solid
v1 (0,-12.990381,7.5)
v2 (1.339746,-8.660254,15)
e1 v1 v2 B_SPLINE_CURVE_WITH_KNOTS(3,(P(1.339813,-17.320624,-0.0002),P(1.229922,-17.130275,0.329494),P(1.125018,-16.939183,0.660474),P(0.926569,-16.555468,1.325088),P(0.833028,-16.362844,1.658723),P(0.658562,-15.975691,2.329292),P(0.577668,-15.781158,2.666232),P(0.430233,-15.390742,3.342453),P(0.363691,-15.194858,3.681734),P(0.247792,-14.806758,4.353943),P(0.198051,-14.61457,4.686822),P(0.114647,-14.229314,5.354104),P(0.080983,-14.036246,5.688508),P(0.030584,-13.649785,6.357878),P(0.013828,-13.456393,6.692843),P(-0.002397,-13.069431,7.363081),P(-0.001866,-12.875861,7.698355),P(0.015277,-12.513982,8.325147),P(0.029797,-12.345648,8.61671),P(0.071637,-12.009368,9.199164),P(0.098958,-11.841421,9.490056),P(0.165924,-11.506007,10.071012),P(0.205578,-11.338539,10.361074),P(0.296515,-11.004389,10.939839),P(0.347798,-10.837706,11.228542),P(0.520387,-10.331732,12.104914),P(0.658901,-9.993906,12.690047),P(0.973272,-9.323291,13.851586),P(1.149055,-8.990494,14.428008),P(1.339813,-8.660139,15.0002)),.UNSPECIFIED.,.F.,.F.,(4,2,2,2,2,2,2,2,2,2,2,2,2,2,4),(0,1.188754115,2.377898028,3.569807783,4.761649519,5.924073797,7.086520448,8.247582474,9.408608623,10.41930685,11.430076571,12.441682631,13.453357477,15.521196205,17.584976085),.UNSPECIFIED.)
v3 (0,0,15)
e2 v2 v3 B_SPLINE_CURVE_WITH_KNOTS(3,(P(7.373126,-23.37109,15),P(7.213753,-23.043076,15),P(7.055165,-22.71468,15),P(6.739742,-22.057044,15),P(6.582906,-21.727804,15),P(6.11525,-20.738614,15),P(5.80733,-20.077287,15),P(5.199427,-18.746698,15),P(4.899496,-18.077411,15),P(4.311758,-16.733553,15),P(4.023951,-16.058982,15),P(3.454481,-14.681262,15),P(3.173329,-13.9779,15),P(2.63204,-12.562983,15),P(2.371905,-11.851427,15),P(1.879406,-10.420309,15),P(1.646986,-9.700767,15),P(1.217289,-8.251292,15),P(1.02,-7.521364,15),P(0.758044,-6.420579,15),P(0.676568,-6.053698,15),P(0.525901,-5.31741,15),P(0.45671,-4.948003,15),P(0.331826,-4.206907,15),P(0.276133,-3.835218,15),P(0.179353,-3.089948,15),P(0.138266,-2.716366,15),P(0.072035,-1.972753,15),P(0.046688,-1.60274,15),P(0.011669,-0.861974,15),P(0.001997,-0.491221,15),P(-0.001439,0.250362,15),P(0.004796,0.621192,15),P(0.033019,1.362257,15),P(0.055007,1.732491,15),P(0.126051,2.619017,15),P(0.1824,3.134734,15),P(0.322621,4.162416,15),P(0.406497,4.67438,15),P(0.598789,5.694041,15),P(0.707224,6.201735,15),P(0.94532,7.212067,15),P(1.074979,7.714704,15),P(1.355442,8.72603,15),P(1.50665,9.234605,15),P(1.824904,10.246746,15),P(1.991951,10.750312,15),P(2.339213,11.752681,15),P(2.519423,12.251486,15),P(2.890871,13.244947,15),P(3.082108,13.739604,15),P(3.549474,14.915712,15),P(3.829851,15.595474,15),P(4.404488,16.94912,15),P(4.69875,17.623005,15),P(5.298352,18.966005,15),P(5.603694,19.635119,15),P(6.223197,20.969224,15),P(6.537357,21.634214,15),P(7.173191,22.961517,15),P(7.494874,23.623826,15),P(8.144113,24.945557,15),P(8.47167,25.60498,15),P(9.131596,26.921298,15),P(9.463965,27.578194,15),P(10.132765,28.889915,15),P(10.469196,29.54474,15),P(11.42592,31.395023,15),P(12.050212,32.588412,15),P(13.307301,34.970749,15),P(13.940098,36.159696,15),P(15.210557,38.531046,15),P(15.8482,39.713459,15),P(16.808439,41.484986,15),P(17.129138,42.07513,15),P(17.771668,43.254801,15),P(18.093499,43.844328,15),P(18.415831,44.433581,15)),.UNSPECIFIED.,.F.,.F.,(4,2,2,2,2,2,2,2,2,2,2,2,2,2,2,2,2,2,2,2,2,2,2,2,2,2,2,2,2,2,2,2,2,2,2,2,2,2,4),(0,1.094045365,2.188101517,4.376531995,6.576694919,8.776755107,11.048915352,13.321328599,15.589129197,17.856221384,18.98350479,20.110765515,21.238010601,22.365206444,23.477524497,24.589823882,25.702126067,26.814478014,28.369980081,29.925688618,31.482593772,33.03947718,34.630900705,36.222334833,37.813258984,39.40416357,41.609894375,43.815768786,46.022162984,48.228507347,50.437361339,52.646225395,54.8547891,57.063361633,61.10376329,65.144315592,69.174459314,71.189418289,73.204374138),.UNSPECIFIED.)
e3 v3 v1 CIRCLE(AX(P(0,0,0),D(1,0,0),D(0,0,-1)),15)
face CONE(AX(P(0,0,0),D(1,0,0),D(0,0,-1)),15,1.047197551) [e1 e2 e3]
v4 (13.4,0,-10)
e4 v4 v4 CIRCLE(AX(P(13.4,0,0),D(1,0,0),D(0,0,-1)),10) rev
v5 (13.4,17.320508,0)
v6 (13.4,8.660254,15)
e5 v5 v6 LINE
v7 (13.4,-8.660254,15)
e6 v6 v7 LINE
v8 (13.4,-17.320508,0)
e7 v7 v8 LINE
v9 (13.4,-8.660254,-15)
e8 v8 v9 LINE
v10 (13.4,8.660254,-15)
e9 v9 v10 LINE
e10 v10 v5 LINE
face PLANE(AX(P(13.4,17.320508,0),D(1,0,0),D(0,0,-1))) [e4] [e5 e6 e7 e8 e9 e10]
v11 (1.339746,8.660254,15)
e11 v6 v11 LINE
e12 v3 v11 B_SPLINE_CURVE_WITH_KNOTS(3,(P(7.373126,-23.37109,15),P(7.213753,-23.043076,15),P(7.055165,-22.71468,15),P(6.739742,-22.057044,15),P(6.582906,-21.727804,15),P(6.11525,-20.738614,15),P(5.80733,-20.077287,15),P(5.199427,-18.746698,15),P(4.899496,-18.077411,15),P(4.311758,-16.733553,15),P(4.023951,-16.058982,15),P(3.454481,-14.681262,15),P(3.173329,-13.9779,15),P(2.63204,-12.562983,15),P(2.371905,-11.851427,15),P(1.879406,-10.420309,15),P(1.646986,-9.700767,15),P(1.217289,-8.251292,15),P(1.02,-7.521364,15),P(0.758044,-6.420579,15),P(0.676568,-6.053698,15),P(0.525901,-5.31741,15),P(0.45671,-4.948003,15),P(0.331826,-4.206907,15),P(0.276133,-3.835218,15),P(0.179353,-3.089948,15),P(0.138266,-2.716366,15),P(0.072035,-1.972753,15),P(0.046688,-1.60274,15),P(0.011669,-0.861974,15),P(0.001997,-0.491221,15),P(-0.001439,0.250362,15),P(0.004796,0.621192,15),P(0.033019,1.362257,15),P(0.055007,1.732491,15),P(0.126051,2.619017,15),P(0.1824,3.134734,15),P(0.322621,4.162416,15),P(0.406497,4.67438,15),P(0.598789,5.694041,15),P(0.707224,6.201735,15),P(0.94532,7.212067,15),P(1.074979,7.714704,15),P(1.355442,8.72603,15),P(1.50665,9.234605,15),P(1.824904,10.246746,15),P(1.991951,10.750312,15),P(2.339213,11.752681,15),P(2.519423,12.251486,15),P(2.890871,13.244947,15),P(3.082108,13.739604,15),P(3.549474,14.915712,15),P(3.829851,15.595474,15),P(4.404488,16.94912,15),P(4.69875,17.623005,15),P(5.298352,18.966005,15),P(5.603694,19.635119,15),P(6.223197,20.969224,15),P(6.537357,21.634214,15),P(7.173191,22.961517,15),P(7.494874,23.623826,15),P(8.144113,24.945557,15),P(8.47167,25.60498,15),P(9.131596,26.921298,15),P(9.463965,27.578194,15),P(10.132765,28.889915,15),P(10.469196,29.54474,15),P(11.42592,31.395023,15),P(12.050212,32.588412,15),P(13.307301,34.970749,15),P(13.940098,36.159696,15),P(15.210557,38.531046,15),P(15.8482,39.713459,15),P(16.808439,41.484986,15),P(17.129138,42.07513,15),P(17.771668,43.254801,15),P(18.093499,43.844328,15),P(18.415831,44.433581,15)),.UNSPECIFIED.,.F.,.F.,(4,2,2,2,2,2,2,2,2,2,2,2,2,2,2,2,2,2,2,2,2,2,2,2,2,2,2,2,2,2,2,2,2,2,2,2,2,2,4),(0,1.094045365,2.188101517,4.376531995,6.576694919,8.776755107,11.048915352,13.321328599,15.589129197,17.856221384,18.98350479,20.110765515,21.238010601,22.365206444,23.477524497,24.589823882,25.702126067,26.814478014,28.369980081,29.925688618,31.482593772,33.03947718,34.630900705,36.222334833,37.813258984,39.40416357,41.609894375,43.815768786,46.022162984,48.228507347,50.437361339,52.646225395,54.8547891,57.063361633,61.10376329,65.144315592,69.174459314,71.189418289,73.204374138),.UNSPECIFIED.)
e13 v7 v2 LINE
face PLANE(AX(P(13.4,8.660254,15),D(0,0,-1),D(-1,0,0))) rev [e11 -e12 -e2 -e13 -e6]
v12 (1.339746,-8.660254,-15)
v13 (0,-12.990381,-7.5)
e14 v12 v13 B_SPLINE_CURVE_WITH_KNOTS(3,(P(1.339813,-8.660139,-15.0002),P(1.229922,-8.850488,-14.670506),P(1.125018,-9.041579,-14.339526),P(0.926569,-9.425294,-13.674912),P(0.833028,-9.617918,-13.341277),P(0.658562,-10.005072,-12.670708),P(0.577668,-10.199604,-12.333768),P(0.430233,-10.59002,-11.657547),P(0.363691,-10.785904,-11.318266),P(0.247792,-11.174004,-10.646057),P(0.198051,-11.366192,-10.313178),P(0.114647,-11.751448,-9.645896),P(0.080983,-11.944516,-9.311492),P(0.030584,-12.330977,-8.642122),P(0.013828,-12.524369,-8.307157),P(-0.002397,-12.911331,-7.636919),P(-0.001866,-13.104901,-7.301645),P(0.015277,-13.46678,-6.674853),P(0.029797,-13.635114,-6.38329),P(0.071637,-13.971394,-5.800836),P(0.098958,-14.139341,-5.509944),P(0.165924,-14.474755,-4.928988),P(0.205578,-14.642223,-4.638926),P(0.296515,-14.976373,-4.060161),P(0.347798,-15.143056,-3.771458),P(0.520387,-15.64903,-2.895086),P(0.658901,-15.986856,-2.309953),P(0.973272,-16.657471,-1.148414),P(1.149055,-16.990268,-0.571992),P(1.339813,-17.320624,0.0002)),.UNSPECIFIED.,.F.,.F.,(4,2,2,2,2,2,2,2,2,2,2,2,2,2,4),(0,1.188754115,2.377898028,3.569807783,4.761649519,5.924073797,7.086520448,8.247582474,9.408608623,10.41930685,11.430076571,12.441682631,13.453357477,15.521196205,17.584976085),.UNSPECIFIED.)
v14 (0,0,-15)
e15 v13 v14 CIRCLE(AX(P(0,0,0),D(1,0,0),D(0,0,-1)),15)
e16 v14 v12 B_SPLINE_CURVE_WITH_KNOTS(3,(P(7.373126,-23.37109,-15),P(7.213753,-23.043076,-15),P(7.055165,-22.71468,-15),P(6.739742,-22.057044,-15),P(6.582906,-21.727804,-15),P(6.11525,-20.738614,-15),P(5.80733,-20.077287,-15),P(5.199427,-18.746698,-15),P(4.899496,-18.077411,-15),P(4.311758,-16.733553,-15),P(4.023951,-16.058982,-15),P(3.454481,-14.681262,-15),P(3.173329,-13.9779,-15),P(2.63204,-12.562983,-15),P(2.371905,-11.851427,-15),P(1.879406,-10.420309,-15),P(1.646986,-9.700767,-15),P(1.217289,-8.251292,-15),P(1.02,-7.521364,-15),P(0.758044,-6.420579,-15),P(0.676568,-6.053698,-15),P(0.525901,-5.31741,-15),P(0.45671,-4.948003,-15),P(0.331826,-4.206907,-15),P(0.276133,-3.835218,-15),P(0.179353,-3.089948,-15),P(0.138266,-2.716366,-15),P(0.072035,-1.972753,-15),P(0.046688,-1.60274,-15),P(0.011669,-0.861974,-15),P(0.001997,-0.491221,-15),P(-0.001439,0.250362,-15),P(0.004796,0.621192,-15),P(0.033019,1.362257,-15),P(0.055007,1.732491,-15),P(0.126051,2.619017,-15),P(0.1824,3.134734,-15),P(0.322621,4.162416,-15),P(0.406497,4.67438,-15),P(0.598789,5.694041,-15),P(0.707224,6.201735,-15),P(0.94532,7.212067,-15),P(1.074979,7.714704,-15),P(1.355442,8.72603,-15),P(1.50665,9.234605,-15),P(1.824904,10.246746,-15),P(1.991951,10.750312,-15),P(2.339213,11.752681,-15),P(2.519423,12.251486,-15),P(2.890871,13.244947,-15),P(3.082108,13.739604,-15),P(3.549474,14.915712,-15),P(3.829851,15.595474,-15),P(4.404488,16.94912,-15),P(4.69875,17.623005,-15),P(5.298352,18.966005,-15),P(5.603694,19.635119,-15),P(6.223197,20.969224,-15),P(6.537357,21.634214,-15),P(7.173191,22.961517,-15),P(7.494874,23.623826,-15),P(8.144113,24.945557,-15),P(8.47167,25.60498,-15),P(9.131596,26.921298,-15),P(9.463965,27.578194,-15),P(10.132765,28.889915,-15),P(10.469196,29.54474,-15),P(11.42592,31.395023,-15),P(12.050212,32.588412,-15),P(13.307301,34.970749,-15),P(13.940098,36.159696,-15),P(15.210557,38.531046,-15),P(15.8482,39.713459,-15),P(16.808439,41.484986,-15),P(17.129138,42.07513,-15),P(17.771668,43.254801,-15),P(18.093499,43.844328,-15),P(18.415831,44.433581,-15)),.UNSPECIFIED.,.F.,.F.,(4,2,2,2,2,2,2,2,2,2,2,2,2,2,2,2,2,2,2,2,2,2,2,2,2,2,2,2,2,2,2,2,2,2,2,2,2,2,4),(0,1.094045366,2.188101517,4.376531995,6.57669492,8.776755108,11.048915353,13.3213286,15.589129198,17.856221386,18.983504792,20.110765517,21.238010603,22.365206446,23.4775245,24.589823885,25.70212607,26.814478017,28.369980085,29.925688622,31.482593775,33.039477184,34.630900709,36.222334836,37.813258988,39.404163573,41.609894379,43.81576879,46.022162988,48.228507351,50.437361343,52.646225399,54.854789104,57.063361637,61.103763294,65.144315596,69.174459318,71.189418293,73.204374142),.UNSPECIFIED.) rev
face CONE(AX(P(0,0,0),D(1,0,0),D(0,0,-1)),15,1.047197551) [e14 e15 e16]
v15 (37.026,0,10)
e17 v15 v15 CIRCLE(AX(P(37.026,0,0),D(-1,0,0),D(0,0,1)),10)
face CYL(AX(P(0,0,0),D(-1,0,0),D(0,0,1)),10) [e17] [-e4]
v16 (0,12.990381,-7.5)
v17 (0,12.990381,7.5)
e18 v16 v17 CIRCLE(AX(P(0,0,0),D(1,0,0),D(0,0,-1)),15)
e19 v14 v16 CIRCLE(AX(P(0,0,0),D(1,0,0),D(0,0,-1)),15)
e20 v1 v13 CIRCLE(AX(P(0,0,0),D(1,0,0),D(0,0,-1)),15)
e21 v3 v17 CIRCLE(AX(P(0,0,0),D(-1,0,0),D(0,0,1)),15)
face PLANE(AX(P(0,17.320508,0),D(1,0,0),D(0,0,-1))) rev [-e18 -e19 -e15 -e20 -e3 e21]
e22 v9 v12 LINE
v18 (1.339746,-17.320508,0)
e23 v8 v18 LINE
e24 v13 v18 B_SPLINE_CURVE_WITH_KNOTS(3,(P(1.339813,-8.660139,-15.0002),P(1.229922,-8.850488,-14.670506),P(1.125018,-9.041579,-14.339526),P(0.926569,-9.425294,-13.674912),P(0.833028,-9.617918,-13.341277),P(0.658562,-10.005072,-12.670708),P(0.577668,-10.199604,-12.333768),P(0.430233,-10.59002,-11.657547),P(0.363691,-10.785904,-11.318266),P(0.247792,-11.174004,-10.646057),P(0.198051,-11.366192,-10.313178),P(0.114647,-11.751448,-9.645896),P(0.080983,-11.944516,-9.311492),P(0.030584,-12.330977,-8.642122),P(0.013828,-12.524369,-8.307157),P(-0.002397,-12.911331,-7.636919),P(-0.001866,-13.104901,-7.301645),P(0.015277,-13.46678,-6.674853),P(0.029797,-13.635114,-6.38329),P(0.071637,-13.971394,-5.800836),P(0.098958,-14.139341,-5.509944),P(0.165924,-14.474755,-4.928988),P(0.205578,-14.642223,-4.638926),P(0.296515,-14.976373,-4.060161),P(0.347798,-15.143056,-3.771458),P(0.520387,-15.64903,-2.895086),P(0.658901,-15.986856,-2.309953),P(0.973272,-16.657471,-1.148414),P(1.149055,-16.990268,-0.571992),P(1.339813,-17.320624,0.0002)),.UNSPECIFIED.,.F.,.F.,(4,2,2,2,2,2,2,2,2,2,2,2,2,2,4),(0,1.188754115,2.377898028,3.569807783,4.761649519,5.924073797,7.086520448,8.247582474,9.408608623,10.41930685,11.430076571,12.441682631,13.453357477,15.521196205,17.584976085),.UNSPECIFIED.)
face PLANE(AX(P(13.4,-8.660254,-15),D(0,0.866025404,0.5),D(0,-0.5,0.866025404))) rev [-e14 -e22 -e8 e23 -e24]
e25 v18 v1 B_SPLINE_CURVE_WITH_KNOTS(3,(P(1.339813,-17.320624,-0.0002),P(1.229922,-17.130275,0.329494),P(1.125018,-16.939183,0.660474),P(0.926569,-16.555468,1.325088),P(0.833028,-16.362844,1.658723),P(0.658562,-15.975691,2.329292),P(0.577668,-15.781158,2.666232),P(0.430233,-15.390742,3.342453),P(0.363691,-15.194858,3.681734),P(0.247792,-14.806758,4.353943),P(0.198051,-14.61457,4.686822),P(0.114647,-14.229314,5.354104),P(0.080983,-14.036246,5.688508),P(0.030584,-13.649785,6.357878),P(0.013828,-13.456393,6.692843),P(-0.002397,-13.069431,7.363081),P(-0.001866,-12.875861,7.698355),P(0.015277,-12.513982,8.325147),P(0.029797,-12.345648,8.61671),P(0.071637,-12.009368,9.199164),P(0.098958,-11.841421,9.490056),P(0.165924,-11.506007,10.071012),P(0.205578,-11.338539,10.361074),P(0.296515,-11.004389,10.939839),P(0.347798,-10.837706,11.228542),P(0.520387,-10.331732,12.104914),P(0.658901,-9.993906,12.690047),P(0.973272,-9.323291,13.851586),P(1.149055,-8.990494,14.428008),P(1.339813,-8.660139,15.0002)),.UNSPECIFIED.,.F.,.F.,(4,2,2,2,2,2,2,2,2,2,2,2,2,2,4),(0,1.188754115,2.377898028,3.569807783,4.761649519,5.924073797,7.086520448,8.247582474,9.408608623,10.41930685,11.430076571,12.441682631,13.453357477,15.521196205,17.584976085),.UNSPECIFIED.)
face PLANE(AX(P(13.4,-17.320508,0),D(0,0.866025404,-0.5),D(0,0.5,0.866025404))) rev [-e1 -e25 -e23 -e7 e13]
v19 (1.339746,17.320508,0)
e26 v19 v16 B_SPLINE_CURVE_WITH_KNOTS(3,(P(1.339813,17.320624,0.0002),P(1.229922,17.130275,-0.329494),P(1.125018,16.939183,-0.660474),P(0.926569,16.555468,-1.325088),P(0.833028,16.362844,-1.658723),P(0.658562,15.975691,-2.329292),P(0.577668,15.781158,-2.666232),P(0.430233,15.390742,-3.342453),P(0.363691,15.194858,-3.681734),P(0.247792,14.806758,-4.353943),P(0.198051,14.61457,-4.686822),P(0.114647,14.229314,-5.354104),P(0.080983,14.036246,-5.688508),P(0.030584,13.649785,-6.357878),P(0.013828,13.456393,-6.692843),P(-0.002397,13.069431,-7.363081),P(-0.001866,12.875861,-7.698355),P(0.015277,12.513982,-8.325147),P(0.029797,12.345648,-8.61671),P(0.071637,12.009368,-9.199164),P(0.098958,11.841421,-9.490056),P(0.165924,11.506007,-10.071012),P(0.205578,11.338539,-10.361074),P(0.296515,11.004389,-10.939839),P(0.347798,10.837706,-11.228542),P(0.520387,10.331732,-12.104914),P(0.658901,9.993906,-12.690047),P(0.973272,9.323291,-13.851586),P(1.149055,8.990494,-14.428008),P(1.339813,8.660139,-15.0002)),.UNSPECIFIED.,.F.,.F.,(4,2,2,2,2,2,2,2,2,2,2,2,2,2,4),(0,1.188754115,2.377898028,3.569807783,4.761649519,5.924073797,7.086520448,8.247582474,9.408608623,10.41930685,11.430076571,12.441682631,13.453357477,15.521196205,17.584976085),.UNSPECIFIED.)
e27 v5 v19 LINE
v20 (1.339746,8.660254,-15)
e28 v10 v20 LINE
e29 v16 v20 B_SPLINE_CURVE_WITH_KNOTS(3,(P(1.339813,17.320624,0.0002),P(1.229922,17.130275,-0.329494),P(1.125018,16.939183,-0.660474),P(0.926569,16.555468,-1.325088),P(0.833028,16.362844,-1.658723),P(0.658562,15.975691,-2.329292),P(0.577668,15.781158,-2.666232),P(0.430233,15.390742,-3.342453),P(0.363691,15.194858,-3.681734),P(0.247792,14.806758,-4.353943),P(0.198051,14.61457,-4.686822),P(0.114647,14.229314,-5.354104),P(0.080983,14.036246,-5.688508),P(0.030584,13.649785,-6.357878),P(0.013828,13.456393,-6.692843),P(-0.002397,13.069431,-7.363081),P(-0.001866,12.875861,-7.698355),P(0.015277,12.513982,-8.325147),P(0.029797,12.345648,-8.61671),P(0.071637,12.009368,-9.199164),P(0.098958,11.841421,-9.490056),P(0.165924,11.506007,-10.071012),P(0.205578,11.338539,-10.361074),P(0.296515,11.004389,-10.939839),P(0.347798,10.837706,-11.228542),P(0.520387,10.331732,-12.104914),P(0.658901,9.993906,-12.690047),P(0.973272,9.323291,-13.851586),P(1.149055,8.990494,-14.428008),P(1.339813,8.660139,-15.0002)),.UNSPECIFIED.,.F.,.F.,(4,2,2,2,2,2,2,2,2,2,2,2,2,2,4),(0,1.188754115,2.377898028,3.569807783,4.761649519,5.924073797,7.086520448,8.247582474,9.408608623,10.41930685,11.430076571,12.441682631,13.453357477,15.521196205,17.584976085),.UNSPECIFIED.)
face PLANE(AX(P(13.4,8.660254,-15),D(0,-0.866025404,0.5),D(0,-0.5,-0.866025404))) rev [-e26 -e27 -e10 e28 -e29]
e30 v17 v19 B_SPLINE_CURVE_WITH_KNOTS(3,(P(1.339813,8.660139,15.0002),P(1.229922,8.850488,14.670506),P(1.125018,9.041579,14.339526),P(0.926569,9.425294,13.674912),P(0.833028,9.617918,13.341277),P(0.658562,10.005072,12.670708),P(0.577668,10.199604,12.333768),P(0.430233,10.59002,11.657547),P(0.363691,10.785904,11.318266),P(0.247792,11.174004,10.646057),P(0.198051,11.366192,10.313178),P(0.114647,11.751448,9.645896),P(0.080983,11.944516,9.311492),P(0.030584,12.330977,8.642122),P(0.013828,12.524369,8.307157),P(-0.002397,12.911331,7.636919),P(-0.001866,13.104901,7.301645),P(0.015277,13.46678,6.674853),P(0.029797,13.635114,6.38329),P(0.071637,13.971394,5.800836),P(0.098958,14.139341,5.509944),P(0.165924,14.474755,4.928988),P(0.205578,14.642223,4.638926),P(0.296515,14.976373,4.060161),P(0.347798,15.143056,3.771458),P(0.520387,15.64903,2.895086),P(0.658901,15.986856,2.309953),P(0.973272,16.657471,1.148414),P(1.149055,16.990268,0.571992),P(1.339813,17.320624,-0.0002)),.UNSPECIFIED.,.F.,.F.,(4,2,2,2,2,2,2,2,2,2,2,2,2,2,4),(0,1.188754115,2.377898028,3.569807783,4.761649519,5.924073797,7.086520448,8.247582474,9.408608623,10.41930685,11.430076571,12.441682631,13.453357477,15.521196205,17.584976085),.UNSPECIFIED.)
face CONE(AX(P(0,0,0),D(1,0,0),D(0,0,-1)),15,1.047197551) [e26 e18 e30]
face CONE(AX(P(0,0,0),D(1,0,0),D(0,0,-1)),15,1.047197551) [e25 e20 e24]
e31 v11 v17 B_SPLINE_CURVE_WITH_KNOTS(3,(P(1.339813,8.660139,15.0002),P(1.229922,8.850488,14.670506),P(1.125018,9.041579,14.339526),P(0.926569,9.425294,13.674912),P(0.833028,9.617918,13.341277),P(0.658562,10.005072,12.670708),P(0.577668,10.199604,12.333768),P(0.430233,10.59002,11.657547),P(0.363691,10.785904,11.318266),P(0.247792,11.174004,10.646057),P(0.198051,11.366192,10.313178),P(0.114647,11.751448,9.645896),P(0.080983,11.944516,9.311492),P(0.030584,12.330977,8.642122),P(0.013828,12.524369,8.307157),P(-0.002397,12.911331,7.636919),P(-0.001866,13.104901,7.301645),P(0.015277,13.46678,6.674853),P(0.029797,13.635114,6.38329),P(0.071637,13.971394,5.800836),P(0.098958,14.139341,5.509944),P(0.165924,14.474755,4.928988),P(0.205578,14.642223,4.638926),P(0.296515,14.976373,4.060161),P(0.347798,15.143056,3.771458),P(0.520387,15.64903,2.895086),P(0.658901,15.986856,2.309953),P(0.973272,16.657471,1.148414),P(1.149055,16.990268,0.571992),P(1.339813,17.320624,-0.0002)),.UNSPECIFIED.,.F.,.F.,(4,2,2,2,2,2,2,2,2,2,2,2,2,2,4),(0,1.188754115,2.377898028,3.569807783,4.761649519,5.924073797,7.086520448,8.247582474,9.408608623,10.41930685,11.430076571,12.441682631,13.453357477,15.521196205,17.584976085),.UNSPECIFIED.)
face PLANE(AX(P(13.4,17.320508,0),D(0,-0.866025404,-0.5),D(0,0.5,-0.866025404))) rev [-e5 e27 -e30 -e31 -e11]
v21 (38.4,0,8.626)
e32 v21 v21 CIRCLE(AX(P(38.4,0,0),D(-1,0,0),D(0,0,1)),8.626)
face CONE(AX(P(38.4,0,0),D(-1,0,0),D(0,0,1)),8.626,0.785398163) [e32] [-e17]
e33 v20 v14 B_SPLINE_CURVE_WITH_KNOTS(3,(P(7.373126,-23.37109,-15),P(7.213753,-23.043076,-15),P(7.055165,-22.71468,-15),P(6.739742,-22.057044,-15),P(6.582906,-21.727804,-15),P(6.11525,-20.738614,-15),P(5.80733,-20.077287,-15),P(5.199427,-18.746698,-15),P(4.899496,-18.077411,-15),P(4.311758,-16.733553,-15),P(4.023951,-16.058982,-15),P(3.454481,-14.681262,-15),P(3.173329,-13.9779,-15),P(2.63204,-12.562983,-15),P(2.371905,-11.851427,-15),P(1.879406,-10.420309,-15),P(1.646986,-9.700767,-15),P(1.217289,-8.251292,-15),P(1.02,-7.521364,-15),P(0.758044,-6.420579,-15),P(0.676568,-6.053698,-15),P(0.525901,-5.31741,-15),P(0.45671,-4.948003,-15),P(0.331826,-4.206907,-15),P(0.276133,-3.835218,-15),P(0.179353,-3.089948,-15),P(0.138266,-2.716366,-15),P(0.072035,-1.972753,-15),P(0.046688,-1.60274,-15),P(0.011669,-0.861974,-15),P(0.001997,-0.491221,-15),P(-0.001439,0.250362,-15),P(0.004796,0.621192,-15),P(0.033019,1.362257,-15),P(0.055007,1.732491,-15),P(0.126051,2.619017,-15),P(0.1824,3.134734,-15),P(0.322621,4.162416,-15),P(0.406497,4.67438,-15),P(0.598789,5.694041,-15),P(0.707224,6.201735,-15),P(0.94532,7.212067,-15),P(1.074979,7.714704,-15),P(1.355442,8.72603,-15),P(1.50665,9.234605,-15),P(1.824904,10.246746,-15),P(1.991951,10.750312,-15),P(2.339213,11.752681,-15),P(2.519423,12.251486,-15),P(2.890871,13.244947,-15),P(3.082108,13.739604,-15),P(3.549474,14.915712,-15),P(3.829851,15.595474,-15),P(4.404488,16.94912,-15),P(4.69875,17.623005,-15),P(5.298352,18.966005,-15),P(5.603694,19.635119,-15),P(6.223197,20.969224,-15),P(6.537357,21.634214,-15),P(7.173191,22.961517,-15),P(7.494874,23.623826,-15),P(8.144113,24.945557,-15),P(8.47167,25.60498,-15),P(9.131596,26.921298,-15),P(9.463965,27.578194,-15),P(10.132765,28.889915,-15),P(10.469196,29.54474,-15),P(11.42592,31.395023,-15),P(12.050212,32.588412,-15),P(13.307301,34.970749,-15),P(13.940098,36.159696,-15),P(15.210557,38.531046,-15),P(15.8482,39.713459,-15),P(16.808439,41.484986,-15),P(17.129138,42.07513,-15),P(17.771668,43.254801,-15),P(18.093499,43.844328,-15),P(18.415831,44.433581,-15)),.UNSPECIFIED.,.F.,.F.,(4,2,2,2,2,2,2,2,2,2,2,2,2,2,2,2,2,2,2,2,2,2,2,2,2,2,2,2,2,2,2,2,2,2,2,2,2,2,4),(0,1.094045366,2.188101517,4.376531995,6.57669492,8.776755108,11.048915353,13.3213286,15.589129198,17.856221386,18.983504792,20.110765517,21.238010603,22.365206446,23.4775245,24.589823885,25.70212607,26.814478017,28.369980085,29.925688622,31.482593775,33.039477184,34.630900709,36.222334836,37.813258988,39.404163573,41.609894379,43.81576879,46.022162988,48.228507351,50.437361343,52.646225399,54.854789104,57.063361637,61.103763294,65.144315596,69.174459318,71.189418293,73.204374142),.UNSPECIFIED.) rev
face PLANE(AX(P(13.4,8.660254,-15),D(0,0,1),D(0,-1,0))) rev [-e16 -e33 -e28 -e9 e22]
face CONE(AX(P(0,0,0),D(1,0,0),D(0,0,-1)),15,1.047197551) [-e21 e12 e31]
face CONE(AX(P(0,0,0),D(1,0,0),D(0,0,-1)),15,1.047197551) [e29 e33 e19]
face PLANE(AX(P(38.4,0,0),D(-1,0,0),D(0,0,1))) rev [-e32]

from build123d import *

# Parameters (mm, degrees)
BASEHEAD_DEPTH = 13.4


with BuildPart() as part:
    # Sketch1 → BaseHead (new body)
    with BuildSketch(Plane(origin=(0, 0, 0), x_dir=(0, 0, -1), z_dir=(1, 0, 0))):
        Polygon((15, 8.660254038), (15, -8.660254038), (0, -17.320508076), (-15, -8.660254038), (-15, 8.660254038), (0, 17.320508076), align=None)
    extrude(amount=BASEHEAD_DEPTH)

    # BodySke → BaseBody (revolve)
    with BuildSketch(Plane.XY, mode=Mode.PRIVATE) as basebody_sk:
        Polygon((0, 0), (38.4, 0), (38.4, 8.626), (37.026, 10), (0, 10), align=None)
    revolve(basebody_sk.sketch.rotate(Axis((0, 0, 0), (1, 0, 0)), 90), axis=Axis((0, 0, 0), (1, 0, 0)))

    # Sketch3 → HeadChamfer (revolve, cut)
    with BuildSketch(Plane.XY):
        Polygon((0, 15), (4.226497308, 22.320508076), (4.226497308, 27.320508076), (-10, 27.320508076), (-10, 15), align=None)
    revolve(axis=Axis((0, 0, 0), (1, 0, 0)), mode=Mode.SUBTRACT)


solid = part.part
